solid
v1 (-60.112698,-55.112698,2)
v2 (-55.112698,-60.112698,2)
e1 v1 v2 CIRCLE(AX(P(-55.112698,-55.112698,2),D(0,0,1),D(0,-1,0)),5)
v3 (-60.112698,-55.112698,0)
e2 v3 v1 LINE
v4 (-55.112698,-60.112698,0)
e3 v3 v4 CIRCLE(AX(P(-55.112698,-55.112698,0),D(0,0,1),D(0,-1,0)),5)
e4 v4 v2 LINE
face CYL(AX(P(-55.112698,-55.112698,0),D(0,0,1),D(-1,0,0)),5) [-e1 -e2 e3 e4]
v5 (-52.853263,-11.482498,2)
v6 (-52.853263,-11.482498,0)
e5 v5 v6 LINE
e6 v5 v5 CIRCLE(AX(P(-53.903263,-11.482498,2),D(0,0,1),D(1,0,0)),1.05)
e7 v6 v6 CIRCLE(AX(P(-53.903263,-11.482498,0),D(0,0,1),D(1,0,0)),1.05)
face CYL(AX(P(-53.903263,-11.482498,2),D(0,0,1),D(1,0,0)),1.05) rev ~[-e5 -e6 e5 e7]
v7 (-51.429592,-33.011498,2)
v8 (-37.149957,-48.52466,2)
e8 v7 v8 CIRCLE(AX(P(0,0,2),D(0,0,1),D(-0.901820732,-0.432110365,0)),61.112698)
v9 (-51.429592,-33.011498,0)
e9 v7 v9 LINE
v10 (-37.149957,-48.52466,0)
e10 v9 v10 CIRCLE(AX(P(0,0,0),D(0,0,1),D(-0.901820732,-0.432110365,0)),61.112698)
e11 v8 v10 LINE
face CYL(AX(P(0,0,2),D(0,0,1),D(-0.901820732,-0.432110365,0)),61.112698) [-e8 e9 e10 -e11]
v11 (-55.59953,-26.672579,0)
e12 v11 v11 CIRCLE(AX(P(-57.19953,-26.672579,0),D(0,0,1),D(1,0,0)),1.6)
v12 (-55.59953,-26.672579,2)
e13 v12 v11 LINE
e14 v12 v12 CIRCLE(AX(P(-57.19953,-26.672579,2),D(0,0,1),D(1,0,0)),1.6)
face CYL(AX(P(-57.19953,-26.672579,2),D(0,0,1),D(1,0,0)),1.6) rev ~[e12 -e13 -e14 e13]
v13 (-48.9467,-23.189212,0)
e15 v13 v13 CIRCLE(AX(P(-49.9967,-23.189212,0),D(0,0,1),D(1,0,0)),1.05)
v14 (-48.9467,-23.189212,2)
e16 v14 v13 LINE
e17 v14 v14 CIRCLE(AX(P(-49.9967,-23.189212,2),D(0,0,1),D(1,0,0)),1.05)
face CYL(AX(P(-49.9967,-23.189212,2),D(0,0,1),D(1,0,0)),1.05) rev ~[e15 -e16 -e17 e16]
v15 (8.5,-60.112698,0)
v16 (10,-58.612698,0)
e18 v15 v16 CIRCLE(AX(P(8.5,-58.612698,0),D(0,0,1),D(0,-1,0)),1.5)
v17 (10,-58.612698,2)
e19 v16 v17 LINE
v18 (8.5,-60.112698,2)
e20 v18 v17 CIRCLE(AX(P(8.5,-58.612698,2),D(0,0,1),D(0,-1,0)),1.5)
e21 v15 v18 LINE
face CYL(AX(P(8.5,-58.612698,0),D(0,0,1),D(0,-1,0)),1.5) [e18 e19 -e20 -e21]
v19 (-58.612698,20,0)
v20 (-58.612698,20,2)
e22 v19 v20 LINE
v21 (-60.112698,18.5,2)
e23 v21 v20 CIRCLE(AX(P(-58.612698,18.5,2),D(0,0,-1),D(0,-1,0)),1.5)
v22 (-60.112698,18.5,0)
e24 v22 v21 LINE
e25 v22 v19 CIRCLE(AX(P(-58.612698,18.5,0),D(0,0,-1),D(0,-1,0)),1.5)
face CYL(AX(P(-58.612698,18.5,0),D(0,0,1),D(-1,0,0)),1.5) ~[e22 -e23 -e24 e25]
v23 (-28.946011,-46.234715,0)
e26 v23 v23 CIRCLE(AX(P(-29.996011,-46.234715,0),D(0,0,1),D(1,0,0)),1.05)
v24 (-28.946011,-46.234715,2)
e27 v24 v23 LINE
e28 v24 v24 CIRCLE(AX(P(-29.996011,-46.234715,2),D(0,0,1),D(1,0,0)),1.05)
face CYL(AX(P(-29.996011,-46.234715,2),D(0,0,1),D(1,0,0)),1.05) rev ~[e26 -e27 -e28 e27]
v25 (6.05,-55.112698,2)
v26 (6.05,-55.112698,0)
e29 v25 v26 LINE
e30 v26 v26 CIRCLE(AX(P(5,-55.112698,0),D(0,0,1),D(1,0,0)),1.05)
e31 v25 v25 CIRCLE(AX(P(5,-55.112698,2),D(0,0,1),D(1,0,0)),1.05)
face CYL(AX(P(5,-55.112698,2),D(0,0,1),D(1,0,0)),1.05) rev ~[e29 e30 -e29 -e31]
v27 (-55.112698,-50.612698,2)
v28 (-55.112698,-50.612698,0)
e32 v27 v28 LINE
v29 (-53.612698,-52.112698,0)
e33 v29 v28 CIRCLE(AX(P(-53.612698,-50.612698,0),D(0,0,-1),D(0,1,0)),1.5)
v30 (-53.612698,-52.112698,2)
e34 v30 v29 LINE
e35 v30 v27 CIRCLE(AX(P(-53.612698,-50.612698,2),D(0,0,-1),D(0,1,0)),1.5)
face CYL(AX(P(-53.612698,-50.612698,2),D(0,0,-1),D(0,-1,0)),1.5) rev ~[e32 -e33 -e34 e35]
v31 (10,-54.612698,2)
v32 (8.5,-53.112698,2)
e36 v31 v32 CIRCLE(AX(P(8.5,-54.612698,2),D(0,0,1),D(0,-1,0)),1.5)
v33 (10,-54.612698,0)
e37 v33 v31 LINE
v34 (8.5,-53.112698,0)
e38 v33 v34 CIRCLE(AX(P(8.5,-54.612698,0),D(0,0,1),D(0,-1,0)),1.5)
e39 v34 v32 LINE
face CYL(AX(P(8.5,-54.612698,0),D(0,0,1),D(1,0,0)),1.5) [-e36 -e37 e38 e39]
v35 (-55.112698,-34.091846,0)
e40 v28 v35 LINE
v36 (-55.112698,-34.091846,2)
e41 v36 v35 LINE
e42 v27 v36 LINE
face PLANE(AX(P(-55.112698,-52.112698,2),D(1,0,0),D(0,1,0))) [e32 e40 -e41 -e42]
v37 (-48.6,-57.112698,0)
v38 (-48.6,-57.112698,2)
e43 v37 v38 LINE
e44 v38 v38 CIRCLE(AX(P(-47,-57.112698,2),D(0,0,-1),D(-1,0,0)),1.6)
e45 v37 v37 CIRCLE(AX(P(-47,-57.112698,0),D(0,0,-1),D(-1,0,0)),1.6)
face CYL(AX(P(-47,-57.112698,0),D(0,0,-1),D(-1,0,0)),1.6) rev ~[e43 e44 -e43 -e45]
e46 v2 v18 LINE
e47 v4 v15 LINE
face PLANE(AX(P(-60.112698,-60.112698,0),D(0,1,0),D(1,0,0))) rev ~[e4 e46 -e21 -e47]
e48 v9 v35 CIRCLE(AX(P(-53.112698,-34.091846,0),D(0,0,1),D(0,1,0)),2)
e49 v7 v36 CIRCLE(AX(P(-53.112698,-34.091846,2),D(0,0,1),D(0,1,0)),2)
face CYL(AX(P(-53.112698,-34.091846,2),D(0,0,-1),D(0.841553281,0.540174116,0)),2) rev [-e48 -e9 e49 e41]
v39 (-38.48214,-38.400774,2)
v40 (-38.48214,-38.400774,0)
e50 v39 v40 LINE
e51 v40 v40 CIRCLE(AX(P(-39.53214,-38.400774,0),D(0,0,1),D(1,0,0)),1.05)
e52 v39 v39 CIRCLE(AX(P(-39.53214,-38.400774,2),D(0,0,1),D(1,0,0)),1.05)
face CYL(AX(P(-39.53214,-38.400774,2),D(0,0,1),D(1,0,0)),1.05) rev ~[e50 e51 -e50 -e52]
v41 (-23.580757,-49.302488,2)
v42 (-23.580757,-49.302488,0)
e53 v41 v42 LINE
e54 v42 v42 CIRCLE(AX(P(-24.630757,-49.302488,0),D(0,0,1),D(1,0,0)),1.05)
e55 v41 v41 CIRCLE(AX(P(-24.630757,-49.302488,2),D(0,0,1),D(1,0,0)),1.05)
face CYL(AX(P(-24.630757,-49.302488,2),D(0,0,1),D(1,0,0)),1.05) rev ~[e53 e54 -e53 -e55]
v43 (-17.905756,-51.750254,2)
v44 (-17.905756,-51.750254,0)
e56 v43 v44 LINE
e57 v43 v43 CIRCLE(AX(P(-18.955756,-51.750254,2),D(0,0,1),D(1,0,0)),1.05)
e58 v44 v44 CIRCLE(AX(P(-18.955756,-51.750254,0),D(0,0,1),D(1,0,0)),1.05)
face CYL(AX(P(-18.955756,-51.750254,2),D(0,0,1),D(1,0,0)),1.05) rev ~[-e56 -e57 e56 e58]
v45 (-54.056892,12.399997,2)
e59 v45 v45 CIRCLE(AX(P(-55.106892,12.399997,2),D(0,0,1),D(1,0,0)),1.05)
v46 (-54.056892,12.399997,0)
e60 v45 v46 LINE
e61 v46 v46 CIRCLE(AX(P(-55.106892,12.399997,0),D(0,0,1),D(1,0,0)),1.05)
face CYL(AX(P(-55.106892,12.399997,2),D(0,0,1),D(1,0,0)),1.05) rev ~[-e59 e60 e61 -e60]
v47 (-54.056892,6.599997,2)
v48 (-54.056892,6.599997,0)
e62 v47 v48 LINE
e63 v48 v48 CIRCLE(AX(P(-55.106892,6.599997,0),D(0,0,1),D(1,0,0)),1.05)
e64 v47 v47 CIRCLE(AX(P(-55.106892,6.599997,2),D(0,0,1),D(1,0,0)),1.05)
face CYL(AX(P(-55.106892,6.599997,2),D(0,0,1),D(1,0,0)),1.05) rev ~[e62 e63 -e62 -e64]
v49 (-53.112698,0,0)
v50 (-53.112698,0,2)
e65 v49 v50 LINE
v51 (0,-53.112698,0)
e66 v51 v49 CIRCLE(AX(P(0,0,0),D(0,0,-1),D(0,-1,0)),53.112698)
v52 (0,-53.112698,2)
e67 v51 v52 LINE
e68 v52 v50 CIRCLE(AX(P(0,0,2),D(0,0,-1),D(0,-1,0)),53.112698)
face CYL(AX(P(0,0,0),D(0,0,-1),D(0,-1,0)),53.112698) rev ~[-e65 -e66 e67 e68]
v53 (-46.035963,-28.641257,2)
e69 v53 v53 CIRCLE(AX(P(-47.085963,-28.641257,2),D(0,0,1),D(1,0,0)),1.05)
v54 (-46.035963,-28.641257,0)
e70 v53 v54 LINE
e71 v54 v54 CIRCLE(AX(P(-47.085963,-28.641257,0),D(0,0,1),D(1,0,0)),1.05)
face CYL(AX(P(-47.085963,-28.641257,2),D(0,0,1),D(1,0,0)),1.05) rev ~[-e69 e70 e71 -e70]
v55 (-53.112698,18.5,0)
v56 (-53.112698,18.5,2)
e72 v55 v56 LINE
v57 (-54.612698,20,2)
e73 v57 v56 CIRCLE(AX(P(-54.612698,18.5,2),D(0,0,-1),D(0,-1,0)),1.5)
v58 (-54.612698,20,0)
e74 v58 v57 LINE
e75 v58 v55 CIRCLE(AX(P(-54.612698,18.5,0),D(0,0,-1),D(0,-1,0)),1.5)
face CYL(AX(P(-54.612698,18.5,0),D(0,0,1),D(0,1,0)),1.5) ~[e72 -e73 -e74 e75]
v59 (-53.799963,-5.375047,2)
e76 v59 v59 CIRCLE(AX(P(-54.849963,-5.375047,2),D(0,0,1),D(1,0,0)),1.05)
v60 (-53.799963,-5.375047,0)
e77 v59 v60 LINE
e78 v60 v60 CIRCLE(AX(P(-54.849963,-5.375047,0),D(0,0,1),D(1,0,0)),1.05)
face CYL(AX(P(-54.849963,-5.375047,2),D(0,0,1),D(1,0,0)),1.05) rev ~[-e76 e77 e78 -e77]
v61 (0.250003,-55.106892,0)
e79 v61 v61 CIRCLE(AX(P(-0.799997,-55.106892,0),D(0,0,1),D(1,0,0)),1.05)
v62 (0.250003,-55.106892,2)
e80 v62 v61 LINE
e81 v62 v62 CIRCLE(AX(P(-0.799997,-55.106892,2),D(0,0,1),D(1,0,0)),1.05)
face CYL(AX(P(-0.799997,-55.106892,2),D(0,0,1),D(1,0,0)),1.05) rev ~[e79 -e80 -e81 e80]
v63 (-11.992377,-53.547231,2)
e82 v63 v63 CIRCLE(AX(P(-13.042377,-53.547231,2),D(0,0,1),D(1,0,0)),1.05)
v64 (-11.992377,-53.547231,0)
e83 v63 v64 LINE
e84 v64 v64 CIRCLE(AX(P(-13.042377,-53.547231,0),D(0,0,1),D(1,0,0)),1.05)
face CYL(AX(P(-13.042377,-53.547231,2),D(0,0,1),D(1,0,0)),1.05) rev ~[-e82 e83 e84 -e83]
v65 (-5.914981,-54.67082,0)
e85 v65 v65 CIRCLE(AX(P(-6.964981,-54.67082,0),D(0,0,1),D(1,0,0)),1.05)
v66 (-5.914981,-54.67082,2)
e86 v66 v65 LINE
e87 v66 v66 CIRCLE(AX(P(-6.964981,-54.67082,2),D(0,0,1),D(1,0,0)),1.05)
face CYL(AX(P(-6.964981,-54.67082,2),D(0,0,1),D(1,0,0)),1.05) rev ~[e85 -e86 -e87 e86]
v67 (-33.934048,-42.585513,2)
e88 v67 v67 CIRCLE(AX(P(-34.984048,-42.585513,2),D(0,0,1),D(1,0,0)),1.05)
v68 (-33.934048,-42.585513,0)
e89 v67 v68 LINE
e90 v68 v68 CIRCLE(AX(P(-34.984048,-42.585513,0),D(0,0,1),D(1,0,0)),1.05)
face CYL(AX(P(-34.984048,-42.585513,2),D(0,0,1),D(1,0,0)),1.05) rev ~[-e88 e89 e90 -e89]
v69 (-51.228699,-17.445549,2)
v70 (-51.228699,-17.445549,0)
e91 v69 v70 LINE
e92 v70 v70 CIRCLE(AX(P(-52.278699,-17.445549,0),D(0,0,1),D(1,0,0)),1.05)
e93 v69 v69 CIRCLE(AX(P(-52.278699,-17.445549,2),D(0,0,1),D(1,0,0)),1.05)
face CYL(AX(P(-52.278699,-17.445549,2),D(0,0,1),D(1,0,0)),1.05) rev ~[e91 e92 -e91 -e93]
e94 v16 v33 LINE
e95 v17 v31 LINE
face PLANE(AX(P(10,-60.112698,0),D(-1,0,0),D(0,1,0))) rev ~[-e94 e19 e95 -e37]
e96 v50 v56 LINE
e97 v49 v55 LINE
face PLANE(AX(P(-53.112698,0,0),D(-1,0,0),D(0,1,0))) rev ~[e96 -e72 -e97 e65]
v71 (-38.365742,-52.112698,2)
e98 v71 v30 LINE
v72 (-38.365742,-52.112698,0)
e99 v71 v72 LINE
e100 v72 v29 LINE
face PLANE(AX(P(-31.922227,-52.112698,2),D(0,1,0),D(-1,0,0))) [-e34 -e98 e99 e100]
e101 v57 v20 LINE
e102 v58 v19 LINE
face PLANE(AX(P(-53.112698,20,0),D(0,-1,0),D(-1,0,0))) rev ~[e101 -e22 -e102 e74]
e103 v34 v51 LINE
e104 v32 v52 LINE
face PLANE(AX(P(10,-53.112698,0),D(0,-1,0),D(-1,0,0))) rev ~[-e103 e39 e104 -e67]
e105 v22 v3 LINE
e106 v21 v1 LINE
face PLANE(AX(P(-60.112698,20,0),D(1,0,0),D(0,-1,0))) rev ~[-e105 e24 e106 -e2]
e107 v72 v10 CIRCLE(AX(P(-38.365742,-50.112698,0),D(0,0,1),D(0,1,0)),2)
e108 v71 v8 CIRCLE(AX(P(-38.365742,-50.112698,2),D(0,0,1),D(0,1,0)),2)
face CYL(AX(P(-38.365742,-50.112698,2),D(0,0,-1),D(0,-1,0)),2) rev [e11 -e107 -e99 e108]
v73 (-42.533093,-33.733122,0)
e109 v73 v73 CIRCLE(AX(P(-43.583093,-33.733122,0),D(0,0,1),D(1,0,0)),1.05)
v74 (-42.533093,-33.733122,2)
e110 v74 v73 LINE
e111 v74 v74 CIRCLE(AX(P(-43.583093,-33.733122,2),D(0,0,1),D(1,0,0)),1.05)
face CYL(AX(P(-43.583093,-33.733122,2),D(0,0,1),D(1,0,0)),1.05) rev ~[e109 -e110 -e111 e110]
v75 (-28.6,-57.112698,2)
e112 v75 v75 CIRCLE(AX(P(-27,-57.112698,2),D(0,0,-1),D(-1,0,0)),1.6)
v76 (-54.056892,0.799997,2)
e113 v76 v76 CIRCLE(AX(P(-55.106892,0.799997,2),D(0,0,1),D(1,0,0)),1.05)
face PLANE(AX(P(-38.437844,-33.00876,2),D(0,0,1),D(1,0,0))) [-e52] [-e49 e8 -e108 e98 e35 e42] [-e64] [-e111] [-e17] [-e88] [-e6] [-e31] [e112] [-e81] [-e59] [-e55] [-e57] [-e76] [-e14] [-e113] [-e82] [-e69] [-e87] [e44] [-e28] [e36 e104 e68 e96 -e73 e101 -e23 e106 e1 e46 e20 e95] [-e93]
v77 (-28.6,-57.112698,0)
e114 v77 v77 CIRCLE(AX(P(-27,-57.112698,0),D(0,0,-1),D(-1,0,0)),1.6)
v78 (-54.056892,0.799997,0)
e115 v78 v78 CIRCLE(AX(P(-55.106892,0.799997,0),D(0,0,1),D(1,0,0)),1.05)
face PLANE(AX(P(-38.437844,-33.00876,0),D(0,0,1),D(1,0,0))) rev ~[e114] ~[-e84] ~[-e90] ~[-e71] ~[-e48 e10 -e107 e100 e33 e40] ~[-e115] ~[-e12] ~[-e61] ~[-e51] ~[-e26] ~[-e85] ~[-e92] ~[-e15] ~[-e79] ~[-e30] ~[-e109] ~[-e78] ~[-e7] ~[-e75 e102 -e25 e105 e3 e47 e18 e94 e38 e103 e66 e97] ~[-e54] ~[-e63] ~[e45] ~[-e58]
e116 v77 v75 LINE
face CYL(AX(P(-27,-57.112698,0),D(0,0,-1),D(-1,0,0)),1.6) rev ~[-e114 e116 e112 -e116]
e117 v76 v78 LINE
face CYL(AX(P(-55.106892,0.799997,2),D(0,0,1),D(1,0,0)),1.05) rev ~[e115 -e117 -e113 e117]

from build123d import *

# Parameters (mm, degrees)
EXTRUDE_1_DEPTH     = 2
SKETCH_2_R          = 1.05
CUT_EXTRUDE_1_DEPTH = 2
SKETCH_3_R          = 1.05
CUT_EXTRUDE_2_DEPTH = 2
FILLET_1_R          = 5
FILLET_2_R          = 1.5
SKETCH_5_R          = 1.6
CUT_EXTRUDE_4_DEPTH = 10
SKETCH_6_R          = 1.6
CUT_EXTRUDE_5_DEPTH = 10
CUT_EXTRUDE_6_DEPTH = 10
FILLET_3_R          = 2
FILLET_4_R          = 1.5
SKETCH_10_R         = 1.05
CUT_EXTRUDE_7_DEPTH = 10


with BuildPart() as part:
    # 草图1 → 凸台-拉伸1 (new body)
    with BuildSketch(Plane.XY):
        with BuildLine():
            Line((-53.112698372, 0), (-53.112698372, 20))
            Line((-53.112698372, 20), (-60.112698372, 20))
            Line((-60.112698372, 20), (-60.112698372, -60.112698372))
            Line((-60.112698372, -60.112698372), (10, -60.112698372))
            Line((10, -60.112698372), (10, -53.112698372))
            Line((10, -53.112698372), (0, -53.112698372))
            ThreePointArc((0, -53.112698372), (-37.556349186, -37.556349186), (-53.112698372, 0))
        make_face()
    extrude(amount=EXTRUDE_1_DEPTH)

    # 草图2 → 切除-拉伸1 (cut)
    with BuildSketch(Plane.XY.offset(2)):
        with Locations((5, -55.112698372)):
            Circle(SKETCH_2_R)
    extrude(amount=-CUT_EXTRUDE_1_DEPTH, mode=Mode.SUBTRACT)

    # 草图3 → 切除-拉伸2 (cut)
    with BuildSketch(Plane.XY.offset(2)):
        with Locations((-0.799997093, -55.106891824)):
            Circle(SKETCH_3_R)
        with Locations((-6.964981152, -54.670819999)):
            Circle(SKETCH_3_R)
        with Locations((-13.042376532, -53.547230893)):
            Circle(SKETCH_3_R)
        with Locations((-18.95575646, -51.750254288)):
            Circle(SKETCH_3_R)
        with Locations((-24.630756751, -49.30248821)):
            Circle(SKETCH_3_R)
        with Locations((-29.996010986, -46.234714737)):
            Circle(SKETCH_3_R)
        with Locations((-34.984047978, -42.5855129)):
            Circle(SKETCH_3_R)
        with Locations((-39.532140269, -38.400773529)):
            Circle(SKETCH_3_R)
        with Locations((-43.583092958, -33.733122151)):
            Circle(SKETCH_3_R)
        with Locations((-47.085962967, -28.641257189)):
            Circle(SKETCH_3_R)
        with Locations((-49.996699671, -23.1892118)):
            Circle(SKETCH_3_R)
        with Locations((-52.278698867, -17.445548618)):
            Circle(SKETCH_3_R)
        with Locations((-53.903263093, -11.48249754)):
            Circle(SKETCH_3_R)
        with Locations((-54.84996251, -5.375047393)):
            Circle(SKETCH_3_R)
        with Locations((-55.106891824, 0.799997093)):
            Circle(SKETCH_3_R)
    extrude(amount=-CUT_EXTRUDE_2_DEPTH, mode=Mode.SUBTRACT)

    # 圆角1
    fillet_1_edges = [part.edges().sort_by_distance(p)[0] for p in [
        (-60.112698372, -60.112698372, 1),
    ]]
    fillet(fillet_1_edges, radius=FILLET_1_R)

    # 圆角2
    fillet_2_edges = [part.edges().sort_by_distance(p)[0] for p in [
        (-60.112698372, 20, 1),
        (-53.112698372, 20, 1),
        (10, -53.112698372, 1),
        (10, -60.112698372, 1),
    ]]
    fillet(fillet_2_edges, radius=FILLET_2_R)

    # 草图5 → 切除-拉伸4 (cut)
    with BuildSketch(Plane.XY.offset(2)):
        with Locations((-57.199529996, -26.67257888)):
            Circle(SKETCH_5_R)
    extrude(amount=-CUT_EXTRUDE_4_DEPTH, mode=Mode.SUBTRACT)

    # 草图6 → 切除-拉伸5 (cut)
    with BuildSketch(Plane(origin=(0, 0, 0), x_dir=(-1, 0, 0), z_dir=(0, 0, -1))):
        with Locations((27, -57.112698372)):
            Circle(SKETCH_6_R)
        with Locations((47, -57.112698372)):
            Circle(SKETCH_6_R)
    extrude(amount=-CUT_EXTRUDE_5_DEPTH, mode=Mode.SUBTRACT)

    # 草图7 → 切除-拉伸6 (cut)
    with BuildSketch(Plane.XY.offset(2)):
        with BuildLine():
            Line((-55.112698372, -52.112698372), (-55.112698372, -26.407430403))
            ThreePointArc((-55.112698372, -26.407430403), (-45.375761756, -40.936562477), (-31.922226907, -52.112698372))
            Line((-31.922226907, -52.112698372), (-55.112698372, -52.112698372))
        make_face()
    extrude(amount=-CUT_EXTRUDE_6_DEPTH, mode=Mode.SUBTRACT)

    # 圆角3
    fillet_3_edges = [part.edges().sort_by_distance(p)[0] for p in [
        (-31.922226907, -52.112698372, 1),
        (-55.112698372, -26.407430403, 1),
    ]]
    fillet(fillet_3_edges, radius=FILLET_3_R)

    # 圆角4
    fillet_4_edges = [part.edges().sort_by_distance(p)[0] for p in [
        (-55.112698372, -52.112698372, 1),
    ]]
    fillet(fillet_4_edges, radius=FILLET_4_R)

    # 草图10 → 切除-拉伸7 (cut)
    with BuildSketch(Plane.XY.offset(2)):
        with Locations((-55.106891824, 0.799997093)):
            Circle(SKETCH_10_R)
        with Locations((-55.106891824, 6.599997093)):
            Circle(SKETCH_10_R)
        with Locations((-55.106891824, 12.399997093)):
            Circle(SKETCH_10_R)
    extrude(amount=-CUT_EXTRUDE_7_DEPTH, mode=Mode.SUBTRACT)


solid = part.part
